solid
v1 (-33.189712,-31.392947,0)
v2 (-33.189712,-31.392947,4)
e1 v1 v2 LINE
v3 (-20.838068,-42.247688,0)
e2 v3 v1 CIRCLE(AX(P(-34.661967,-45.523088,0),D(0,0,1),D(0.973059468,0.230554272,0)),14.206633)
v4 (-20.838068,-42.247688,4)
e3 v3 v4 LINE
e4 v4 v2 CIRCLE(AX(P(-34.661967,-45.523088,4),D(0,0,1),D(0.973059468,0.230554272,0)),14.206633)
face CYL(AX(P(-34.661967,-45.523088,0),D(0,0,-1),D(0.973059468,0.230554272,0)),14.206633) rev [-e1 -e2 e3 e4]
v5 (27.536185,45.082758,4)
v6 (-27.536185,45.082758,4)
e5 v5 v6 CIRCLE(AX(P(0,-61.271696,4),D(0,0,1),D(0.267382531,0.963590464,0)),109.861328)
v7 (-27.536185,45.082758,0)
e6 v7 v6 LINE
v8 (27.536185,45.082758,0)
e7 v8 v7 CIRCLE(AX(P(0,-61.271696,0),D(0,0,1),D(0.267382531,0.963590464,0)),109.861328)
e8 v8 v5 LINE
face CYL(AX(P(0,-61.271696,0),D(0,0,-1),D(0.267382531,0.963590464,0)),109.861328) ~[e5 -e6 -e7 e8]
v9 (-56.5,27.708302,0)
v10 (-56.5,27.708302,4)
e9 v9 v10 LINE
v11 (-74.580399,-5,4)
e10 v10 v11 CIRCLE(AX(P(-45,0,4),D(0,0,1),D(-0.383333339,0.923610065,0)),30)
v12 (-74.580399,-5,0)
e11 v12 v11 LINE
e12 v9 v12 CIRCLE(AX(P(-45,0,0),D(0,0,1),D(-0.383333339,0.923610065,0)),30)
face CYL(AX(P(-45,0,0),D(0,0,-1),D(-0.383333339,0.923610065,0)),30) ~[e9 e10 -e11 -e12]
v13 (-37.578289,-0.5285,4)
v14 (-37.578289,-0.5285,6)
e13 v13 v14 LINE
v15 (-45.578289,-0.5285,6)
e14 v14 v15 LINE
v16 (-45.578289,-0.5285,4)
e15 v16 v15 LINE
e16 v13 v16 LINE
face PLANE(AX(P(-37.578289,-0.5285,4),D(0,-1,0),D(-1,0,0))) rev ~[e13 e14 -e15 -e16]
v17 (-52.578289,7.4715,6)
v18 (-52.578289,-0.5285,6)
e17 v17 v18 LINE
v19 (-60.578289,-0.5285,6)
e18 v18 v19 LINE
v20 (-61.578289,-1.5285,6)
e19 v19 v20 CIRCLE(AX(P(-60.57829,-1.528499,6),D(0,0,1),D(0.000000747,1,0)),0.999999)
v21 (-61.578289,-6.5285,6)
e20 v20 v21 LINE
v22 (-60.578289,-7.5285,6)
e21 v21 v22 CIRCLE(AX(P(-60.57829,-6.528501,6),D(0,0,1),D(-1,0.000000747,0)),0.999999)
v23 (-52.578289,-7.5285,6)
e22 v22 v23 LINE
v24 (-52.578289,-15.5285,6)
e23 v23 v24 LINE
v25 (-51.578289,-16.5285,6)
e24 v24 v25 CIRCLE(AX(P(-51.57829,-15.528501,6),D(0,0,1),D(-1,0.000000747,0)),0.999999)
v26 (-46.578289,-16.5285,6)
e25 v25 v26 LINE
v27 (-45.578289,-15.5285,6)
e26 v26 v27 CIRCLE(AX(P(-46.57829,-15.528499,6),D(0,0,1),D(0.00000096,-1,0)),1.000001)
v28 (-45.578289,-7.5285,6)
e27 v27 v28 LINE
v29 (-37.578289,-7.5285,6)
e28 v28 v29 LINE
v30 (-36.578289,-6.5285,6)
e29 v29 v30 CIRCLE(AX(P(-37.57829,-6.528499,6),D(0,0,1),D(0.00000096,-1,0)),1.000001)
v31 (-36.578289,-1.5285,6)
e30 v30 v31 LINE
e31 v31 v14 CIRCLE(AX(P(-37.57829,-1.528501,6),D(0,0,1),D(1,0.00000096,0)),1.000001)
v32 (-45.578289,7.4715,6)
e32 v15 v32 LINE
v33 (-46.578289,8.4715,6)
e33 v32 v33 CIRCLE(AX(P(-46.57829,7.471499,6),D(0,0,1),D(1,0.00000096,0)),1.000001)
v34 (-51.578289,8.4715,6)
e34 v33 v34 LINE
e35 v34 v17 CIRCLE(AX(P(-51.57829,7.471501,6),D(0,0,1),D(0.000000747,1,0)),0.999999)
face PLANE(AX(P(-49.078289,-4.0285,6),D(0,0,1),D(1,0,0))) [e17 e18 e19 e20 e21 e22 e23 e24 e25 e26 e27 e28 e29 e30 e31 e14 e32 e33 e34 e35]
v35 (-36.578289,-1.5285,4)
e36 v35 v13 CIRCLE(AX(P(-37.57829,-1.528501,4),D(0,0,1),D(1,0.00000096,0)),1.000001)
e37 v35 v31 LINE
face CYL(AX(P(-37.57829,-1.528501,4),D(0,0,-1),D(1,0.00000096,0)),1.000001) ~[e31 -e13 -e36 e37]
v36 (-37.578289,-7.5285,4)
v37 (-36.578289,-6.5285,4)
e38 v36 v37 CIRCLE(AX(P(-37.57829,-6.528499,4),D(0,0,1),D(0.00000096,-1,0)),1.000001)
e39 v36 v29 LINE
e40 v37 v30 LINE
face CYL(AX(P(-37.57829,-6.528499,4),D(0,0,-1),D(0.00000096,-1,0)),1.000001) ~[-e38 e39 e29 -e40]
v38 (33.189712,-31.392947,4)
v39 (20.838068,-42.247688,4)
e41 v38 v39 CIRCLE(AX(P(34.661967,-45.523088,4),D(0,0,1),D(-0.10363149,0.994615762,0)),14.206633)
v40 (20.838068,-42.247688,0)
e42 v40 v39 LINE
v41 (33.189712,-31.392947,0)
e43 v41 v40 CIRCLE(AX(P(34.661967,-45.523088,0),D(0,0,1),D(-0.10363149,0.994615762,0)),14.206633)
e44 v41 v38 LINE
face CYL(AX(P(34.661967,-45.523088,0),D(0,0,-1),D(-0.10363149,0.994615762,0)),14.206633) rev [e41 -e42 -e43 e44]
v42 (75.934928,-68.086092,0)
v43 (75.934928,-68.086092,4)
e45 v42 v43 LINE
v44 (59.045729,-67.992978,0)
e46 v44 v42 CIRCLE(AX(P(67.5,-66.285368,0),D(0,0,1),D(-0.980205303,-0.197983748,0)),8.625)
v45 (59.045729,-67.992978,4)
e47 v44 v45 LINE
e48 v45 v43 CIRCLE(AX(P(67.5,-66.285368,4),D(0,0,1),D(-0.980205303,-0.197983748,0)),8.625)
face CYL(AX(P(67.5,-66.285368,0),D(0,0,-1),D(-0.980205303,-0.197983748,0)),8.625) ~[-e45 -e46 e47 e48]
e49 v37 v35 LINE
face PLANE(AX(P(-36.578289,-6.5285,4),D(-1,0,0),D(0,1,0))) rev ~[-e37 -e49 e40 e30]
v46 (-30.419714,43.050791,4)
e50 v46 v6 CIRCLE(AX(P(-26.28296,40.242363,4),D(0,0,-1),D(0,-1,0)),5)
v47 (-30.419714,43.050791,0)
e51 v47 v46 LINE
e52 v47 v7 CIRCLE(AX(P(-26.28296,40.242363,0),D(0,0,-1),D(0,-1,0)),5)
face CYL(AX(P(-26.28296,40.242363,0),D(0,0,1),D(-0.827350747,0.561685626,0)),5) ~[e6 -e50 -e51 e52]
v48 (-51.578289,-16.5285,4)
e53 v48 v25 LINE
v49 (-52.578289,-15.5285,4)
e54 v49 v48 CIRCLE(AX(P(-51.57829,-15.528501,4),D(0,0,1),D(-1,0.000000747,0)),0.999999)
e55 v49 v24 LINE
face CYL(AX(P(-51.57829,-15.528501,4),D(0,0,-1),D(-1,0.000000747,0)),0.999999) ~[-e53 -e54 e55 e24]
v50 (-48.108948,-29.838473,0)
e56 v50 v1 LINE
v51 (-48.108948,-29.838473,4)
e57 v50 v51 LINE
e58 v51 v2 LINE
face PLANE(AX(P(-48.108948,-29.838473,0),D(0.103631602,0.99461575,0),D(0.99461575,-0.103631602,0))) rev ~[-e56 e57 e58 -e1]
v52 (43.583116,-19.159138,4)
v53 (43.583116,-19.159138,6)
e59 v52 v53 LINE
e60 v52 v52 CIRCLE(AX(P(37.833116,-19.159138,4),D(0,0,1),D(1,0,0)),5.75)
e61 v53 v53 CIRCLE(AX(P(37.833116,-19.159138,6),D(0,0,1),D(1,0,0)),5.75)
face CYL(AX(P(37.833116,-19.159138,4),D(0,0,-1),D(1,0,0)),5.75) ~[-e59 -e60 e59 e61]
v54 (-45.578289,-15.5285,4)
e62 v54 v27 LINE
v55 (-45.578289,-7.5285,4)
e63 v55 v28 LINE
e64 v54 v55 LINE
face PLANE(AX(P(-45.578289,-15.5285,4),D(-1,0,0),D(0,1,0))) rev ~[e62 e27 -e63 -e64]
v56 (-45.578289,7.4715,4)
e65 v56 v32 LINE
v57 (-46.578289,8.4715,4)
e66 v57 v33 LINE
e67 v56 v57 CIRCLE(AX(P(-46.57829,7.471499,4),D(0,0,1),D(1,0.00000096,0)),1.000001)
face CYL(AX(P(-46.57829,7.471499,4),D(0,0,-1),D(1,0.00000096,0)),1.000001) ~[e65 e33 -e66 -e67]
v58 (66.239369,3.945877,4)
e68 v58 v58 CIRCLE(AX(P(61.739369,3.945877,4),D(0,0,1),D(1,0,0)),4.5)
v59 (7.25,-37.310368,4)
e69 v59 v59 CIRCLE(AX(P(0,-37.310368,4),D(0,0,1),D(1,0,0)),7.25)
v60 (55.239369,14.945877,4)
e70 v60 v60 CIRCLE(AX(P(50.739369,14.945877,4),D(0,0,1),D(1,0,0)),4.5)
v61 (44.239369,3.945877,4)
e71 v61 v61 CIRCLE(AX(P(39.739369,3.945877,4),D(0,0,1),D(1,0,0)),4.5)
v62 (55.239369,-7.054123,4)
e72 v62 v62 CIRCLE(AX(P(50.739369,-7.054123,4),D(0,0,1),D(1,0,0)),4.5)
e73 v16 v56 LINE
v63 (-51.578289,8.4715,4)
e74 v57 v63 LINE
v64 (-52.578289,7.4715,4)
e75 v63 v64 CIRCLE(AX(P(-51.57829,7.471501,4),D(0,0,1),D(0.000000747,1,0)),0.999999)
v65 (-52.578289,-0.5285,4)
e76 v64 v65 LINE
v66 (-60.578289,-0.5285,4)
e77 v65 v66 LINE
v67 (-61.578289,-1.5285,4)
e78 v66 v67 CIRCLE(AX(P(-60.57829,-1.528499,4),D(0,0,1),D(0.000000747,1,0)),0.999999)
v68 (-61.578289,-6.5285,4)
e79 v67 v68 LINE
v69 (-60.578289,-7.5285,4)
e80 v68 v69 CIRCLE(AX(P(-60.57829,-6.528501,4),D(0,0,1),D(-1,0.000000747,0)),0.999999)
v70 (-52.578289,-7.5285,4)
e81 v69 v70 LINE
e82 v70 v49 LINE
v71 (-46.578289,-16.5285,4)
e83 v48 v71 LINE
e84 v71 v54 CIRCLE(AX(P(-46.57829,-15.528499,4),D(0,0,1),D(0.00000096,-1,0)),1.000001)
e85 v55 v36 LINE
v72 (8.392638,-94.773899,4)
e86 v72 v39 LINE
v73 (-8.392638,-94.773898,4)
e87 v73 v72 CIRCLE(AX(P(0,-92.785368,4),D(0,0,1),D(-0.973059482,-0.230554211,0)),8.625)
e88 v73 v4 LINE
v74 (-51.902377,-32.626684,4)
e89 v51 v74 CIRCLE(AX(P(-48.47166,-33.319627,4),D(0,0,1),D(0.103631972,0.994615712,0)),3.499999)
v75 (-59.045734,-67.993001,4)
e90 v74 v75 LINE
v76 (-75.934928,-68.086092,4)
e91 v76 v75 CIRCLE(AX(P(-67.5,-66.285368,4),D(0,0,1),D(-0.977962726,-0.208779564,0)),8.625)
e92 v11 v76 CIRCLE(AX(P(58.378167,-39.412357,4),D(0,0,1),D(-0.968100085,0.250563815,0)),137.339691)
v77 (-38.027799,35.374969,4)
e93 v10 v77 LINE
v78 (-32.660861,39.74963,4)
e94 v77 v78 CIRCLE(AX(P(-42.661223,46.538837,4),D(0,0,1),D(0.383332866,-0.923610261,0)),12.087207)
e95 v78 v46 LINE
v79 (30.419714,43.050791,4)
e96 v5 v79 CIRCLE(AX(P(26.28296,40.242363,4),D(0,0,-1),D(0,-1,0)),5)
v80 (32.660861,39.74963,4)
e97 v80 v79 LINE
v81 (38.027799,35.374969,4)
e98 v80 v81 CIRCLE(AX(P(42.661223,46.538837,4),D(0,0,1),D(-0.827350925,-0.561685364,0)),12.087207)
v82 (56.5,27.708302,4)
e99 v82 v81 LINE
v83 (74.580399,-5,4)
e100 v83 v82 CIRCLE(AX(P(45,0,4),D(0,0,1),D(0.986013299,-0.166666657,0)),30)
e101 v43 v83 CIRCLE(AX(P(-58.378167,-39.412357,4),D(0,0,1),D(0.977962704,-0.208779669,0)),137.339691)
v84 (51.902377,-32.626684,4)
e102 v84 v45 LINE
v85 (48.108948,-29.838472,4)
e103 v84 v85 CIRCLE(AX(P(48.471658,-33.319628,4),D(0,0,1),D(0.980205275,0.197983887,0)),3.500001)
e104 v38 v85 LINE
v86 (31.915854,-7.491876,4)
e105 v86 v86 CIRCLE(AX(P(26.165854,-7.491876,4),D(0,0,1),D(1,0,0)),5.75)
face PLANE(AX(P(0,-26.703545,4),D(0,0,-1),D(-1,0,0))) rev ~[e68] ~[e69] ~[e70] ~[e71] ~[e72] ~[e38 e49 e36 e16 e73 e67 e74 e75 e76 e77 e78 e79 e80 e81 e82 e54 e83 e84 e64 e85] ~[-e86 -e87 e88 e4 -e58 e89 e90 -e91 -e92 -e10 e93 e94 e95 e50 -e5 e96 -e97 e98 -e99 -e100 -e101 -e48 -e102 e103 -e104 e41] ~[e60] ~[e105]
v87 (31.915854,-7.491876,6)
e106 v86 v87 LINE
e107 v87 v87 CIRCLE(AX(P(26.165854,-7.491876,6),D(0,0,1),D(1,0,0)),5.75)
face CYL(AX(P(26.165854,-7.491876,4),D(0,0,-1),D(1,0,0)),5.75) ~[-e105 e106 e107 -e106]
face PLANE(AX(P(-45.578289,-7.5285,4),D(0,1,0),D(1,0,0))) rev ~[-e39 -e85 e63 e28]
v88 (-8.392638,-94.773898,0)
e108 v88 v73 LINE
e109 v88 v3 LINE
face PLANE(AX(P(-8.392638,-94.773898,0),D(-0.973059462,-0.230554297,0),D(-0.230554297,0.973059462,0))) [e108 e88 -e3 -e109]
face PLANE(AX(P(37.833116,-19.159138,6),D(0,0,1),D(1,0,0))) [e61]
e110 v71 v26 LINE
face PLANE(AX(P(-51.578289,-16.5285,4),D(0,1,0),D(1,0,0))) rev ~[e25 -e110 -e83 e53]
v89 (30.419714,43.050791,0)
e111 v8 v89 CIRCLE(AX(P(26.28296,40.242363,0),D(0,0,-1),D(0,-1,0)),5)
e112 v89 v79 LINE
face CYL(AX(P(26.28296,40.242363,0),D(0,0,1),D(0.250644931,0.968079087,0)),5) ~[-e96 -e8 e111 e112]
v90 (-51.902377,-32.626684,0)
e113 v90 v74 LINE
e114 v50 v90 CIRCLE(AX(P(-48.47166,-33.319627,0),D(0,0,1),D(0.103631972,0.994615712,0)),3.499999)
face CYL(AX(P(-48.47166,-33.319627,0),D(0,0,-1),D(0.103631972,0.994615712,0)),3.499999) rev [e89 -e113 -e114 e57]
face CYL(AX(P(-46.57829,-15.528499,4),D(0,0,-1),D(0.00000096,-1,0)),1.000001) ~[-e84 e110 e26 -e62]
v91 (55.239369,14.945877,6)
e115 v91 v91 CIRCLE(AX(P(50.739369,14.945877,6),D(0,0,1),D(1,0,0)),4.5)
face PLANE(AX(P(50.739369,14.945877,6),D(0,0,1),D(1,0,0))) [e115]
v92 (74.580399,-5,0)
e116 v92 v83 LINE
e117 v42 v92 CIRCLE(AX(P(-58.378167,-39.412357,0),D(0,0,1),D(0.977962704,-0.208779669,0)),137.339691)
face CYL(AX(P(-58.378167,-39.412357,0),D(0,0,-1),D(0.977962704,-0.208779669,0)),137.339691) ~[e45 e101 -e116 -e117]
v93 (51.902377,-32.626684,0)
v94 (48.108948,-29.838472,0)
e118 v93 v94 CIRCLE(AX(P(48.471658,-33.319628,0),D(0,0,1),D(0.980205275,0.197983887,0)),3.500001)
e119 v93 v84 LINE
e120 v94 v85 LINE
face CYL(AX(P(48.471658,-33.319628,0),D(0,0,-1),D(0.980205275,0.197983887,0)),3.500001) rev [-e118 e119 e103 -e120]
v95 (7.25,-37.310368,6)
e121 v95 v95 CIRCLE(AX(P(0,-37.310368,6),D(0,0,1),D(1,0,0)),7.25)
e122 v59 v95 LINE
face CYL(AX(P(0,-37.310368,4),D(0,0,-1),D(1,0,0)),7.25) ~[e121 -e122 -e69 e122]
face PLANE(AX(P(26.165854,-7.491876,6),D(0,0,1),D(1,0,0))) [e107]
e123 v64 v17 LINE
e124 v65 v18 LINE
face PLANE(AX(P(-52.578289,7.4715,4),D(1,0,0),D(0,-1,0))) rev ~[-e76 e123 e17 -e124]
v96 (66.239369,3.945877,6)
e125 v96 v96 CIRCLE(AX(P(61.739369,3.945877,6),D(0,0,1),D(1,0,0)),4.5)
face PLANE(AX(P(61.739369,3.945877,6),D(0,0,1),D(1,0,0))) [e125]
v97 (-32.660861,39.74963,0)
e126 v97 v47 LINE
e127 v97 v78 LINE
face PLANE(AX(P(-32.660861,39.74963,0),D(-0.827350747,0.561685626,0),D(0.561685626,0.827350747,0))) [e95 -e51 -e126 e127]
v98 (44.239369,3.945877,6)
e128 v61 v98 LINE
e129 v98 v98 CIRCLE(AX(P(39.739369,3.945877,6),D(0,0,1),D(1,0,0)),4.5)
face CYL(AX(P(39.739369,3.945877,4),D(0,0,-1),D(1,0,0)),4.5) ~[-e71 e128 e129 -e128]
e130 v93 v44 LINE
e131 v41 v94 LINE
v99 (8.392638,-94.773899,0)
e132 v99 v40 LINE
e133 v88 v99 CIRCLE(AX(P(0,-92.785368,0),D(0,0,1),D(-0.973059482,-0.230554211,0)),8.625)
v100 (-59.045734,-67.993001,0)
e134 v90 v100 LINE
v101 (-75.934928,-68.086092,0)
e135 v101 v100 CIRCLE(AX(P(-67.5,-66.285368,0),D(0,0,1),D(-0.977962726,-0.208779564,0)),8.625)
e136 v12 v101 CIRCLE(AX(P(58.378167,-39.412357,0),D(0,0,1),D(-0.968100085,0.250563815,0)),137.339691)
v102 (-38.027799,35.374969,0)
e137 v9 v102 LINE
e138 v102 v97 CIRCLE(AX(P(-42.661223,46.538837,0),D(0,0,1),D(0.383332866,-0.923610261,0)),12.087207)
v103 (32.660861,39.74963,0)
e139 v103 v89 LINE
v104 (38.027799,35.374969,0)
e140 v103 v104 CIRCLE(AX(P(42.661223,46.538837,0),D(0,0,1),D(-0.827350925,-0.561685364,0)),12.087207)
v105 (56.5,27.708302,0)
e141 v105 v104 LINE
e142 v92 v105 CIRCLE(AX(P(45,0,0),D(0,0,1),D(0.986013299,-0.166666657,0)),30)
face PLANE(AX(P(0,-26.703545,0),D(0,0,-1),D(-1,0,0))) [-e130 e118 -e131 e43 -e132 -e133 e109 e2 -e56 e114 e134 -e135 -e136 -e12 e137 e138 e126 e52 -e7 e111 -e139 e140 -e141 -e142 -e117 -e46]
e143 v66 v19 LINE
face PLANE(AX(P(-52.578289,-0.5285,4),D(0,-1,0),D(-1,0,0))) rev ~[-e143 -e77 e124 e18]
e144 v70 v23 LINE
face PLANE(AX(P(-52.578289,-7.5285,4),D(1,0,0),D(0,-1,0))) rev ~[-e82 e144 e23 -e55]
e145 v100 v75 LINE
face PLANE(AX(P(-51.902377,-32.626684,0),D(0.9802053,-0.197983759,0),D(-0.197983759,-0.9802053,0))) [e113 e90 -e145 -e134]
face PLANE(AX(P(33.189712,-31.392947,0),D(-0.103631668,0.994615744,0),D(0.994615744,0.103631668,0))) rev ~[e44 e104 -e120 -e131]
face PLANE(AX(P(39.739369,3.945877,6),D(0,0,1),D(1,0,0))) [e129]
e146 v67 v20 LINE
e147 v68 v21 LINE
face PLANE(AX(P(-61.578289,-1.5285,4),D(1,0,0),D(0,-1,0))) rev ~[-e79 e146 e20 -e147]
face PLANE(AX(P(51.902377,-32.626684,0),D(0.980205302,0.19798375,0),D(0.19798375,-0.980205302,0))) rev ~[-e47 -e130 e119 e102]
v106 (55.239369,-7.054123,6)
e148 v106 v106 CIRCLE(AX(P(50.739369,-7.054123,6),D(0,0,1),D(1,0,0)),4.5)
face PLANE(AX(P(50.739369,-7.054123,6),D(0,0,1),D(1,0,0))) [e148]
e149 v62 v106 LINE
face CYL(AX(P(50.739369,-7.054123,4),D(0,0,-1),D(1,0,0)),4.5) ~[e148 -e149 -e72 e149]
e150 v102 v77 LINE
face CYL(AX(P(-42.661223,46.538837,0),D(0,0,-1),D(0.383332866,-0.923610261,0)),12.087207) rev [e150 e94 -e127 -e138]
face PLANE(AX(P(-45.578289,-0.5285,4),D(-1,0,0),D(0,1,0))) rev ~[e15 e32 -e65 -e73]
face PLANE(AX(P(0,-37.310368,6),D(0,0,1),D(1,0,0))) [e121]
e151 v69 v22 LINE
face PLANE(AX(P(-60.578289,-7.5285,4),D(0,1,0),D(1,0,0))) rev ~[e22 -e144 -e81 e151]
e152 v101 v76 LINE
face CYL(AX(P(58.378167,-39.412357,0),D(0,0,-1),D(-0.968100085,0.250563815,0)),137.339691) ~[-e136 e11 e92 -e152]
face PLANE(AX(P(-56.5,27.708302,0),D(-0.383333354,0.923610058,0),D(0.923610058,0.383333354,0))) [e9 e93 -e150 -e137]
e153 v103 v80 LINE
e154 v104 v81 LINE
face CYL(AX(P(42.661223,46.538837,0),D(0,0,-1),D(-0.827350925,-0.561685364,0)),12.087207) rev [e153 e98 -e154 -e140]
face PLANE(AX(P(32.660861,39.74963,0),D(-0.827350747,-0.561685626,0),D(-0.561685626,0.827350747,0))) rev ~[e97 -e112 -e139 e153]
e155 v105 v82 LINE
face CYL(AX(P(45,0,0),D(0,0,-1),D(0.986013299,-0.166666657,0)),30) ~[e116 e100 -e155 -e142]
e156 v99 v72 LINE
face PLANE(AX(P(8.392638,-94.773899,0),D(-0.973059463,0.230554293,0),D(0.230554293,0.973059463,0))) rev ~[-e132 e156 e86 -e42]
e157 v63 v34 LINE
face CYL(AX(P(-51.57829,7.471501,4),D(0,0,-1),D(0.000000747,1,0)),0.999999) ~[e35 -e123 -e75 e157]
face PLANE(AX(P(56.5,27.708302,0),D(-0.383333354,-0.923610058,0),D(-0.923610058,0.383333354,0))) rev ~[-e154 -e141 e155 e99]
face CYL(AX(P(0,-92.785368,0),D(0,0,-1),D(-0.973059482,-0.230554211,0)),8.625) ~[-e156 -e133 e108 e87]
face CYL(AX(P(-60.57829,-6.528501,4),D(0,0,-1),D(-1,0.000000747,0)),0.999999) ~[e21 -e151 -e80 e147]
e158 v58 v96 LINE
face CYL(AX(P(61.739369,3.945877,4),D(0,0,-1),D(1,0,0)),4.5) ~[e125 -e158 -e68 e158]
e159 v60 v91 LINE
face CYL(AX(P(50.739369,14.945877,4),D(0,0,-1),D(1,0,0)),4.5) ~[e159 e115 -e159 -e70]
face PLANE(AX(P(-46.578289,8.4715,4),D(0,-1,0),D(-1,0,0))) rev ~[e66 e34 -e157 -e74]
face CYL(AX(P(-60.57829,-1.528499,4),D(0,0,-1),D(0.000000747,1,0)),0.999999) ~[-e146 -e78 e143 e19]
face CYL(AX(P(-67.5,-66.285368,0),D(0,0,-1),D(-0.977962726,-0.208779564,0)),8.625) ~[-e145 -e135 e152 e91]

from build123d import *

# Parameters (mm, degrees)
PAD_DEPTH     = 4
FILLET_R      = 5
SKETCH001_R   = 7.25
SKETCH001_R_2 = 5.75
SKETCH001_R_3 = 4.5
PAD001_DEPTH  = 2


with BuildPart() as part:
    # Sketch → Pad (new body)
    with BuildSketch(Plane.XY):
        with BuildLine():
            Line((-8.392638, -94.773898), (-20.838068, -42.247688))
            ThreePointArc((-20.838068, -42.247688), (-25.283831, -34.851678), (-33.189712, -31.392947))
            Line((-48.108948, -29.838473), (-33.189712, -31.392947))
            ThreePointArc((-48.108948, -29.838473), (-50.544507, -30.499468), (-51.902377, -32.626684))
            Line((-51.902377, -32.626684), (-59.045734, -67.993001))
            ThreePointArc((-75.934928, -68.086092), (-67.452461, -74.910237), (-59.045734, -67.993001))
            ThreePointArc((-74.580399, -5), (-78.929877, -36.4642), (-75.934928, -68.086092))
            ThreePointArc((-56.5, 27.708302), (-71.255629, 14.513509), (-74.580399, -5))
            Line((-56.5, 27.708302), (-38.027799, 35.374969))
            ThreePointArc((-38.027799, 35.374969), (-35.024382, 37.16978), (-32.660861, 39.74963))
            Line((-32.660861, 39.74963), (-29.375, 44.589632))
            ThreePointArc((29.375, 44.589632), (0, 48.589632), (-29.375, 44.589632))
            Line((32.660861, 39.74963), (29.375, 44.589632))
            ThreePointArc((32.660861, 39.74963), (35.024382, 37.16978), (38.027799, 35.374969))
            Line((56.5, 27.708302), (38.027799, 35.374969))
            ThreePointArc((74.580399, -5), (71.255629, 14.513509), (56.5, 27.708302))
            ThreePointArc((75.934928, -68.086092), (78.929877, -36.4642), (74.580399, -5))
            ThreePointArc((59.045729, -67.992978), (67.452449, -74.910237), (75.934928, -68.086092))
            Line((51.902377, -32.626684), (59.045729, -67.992978))
            ThreePointArc((51.902377, -32.626684), (50.544507, -30.499468), (48.108948, -29.838472))
            Line((33.189712, -31.392947), (48.108948, -29.838472))
            ThreePointArc((33.189712, -31.392947), (25.283831, -34.851678), (20.838068, -42.247688))
            Line((8.392638, -94.773899), (20.838068, -42.247688))
            ThreePointArc((-8.392638, -94.773898), (0, -101.410368), (8.392638, -94.773899))
        make_face()
    extrude(amount=PAD_DEPTH)

    # Fillet
    fillet_edges = [part.edges().sort_by_distance(p)[0] for p in [
        (29.375, 44.589632, 2),
        (-29.375, 44.589632, 2),
    ]]
    fillet(fillet_edges, radius=FILLET_R)

    # Sketch001 (on Face26 of Pad) → Pad001 (join)
    with BuildSketch(Plane.XY.offset(4)):
        with Locations((0, -37.310368)):
            Circle(SKETCH001_R)
        with Locations((37.833116, -19.159138)):
            Circle(SKETCH001_R_2)
        with Locations((26.165854, -7.491876)):
            Circle(SKETCH001_R_2)
        with Locations((50.739369, 14.945877)):
            Circle(SKETCH001_R_3)
        with Locations((61.739369, 3.945877)):
            Circle(SKETCH001_R_3)
        with Locations((50.739369, -7.054123)):
            Circle(SKETCH001_R_3)
        with Locations((39.739369, 3.945877)):
            Circle(SKETCH001_R_3)
        with BuildLine():
            Line((-45.578289, -0.5285), (-45.578289, 7.4715))
            ThreePointArc((-45.578289, 7.4715), (-45.871183, 8.178607), (-46.578289, 8.4715))
            Line((-46.578289, 8.4715), (-51.578289, 8.4715))
            ThreePointArc((-51.578289, 8.4715), (-52.285396, 8.178607), (-52.578289, 7.4715))
            Line((-52.578289, 7.4715), (-52.578289, -0.5285))
            Line((-52.578289, -0.5285), (-60.578289, -0.5285))
            ThreePointArc((-60.578289, -0.5285), (-61.285396, -0.821393), (-61.578289, -1.5285))
            Line((-61.578289, -1.5285), (-61.578289, -6.5285))
            ThreePointArc((-61.578289, -6.5285), (-61.285396, -7.235607), (-60.578289, -7.5285))
            Line((-60.578289, -7.5285), (-52.578289, -7.5285))
            Line((-52.578289, -7.5285), (-52.578289, -15.5285))
            ThreePointArc((-52.578289, -15.5285), (-52.285396, -16.235607), (-51.578289, -16.5285))
            Line((-51.578289, -16.5285), (-46.578289, -16.5285))
            ThreePointArc((-46.578289, -16.5285), (-45.871183, -16.235607), (-45.578289, -15.5285))
            Line((-45.578289, -15.5285), (-45.578289, -7.5285))
            Line((-45.578289, -7.5285), (-37.578289, -7.5285))
            ThreePointArc((-37.578289, -7.5285), (-36.871183, -7.235607), (-36.578289, -6.5285))
            Line((-36.578289, -6.5285), (-36.578289, -1.5285))
            ThreePointArc((-36.578289, -1.5285), (-36.871183, -0.821393), (-37.578289, -0.5285))
            Line((-37.578289, -0.5285), (-45.578289, -0.5285))
        make_face()
    extrude(amount=PAD001_DEPTH)


solid = part.part
